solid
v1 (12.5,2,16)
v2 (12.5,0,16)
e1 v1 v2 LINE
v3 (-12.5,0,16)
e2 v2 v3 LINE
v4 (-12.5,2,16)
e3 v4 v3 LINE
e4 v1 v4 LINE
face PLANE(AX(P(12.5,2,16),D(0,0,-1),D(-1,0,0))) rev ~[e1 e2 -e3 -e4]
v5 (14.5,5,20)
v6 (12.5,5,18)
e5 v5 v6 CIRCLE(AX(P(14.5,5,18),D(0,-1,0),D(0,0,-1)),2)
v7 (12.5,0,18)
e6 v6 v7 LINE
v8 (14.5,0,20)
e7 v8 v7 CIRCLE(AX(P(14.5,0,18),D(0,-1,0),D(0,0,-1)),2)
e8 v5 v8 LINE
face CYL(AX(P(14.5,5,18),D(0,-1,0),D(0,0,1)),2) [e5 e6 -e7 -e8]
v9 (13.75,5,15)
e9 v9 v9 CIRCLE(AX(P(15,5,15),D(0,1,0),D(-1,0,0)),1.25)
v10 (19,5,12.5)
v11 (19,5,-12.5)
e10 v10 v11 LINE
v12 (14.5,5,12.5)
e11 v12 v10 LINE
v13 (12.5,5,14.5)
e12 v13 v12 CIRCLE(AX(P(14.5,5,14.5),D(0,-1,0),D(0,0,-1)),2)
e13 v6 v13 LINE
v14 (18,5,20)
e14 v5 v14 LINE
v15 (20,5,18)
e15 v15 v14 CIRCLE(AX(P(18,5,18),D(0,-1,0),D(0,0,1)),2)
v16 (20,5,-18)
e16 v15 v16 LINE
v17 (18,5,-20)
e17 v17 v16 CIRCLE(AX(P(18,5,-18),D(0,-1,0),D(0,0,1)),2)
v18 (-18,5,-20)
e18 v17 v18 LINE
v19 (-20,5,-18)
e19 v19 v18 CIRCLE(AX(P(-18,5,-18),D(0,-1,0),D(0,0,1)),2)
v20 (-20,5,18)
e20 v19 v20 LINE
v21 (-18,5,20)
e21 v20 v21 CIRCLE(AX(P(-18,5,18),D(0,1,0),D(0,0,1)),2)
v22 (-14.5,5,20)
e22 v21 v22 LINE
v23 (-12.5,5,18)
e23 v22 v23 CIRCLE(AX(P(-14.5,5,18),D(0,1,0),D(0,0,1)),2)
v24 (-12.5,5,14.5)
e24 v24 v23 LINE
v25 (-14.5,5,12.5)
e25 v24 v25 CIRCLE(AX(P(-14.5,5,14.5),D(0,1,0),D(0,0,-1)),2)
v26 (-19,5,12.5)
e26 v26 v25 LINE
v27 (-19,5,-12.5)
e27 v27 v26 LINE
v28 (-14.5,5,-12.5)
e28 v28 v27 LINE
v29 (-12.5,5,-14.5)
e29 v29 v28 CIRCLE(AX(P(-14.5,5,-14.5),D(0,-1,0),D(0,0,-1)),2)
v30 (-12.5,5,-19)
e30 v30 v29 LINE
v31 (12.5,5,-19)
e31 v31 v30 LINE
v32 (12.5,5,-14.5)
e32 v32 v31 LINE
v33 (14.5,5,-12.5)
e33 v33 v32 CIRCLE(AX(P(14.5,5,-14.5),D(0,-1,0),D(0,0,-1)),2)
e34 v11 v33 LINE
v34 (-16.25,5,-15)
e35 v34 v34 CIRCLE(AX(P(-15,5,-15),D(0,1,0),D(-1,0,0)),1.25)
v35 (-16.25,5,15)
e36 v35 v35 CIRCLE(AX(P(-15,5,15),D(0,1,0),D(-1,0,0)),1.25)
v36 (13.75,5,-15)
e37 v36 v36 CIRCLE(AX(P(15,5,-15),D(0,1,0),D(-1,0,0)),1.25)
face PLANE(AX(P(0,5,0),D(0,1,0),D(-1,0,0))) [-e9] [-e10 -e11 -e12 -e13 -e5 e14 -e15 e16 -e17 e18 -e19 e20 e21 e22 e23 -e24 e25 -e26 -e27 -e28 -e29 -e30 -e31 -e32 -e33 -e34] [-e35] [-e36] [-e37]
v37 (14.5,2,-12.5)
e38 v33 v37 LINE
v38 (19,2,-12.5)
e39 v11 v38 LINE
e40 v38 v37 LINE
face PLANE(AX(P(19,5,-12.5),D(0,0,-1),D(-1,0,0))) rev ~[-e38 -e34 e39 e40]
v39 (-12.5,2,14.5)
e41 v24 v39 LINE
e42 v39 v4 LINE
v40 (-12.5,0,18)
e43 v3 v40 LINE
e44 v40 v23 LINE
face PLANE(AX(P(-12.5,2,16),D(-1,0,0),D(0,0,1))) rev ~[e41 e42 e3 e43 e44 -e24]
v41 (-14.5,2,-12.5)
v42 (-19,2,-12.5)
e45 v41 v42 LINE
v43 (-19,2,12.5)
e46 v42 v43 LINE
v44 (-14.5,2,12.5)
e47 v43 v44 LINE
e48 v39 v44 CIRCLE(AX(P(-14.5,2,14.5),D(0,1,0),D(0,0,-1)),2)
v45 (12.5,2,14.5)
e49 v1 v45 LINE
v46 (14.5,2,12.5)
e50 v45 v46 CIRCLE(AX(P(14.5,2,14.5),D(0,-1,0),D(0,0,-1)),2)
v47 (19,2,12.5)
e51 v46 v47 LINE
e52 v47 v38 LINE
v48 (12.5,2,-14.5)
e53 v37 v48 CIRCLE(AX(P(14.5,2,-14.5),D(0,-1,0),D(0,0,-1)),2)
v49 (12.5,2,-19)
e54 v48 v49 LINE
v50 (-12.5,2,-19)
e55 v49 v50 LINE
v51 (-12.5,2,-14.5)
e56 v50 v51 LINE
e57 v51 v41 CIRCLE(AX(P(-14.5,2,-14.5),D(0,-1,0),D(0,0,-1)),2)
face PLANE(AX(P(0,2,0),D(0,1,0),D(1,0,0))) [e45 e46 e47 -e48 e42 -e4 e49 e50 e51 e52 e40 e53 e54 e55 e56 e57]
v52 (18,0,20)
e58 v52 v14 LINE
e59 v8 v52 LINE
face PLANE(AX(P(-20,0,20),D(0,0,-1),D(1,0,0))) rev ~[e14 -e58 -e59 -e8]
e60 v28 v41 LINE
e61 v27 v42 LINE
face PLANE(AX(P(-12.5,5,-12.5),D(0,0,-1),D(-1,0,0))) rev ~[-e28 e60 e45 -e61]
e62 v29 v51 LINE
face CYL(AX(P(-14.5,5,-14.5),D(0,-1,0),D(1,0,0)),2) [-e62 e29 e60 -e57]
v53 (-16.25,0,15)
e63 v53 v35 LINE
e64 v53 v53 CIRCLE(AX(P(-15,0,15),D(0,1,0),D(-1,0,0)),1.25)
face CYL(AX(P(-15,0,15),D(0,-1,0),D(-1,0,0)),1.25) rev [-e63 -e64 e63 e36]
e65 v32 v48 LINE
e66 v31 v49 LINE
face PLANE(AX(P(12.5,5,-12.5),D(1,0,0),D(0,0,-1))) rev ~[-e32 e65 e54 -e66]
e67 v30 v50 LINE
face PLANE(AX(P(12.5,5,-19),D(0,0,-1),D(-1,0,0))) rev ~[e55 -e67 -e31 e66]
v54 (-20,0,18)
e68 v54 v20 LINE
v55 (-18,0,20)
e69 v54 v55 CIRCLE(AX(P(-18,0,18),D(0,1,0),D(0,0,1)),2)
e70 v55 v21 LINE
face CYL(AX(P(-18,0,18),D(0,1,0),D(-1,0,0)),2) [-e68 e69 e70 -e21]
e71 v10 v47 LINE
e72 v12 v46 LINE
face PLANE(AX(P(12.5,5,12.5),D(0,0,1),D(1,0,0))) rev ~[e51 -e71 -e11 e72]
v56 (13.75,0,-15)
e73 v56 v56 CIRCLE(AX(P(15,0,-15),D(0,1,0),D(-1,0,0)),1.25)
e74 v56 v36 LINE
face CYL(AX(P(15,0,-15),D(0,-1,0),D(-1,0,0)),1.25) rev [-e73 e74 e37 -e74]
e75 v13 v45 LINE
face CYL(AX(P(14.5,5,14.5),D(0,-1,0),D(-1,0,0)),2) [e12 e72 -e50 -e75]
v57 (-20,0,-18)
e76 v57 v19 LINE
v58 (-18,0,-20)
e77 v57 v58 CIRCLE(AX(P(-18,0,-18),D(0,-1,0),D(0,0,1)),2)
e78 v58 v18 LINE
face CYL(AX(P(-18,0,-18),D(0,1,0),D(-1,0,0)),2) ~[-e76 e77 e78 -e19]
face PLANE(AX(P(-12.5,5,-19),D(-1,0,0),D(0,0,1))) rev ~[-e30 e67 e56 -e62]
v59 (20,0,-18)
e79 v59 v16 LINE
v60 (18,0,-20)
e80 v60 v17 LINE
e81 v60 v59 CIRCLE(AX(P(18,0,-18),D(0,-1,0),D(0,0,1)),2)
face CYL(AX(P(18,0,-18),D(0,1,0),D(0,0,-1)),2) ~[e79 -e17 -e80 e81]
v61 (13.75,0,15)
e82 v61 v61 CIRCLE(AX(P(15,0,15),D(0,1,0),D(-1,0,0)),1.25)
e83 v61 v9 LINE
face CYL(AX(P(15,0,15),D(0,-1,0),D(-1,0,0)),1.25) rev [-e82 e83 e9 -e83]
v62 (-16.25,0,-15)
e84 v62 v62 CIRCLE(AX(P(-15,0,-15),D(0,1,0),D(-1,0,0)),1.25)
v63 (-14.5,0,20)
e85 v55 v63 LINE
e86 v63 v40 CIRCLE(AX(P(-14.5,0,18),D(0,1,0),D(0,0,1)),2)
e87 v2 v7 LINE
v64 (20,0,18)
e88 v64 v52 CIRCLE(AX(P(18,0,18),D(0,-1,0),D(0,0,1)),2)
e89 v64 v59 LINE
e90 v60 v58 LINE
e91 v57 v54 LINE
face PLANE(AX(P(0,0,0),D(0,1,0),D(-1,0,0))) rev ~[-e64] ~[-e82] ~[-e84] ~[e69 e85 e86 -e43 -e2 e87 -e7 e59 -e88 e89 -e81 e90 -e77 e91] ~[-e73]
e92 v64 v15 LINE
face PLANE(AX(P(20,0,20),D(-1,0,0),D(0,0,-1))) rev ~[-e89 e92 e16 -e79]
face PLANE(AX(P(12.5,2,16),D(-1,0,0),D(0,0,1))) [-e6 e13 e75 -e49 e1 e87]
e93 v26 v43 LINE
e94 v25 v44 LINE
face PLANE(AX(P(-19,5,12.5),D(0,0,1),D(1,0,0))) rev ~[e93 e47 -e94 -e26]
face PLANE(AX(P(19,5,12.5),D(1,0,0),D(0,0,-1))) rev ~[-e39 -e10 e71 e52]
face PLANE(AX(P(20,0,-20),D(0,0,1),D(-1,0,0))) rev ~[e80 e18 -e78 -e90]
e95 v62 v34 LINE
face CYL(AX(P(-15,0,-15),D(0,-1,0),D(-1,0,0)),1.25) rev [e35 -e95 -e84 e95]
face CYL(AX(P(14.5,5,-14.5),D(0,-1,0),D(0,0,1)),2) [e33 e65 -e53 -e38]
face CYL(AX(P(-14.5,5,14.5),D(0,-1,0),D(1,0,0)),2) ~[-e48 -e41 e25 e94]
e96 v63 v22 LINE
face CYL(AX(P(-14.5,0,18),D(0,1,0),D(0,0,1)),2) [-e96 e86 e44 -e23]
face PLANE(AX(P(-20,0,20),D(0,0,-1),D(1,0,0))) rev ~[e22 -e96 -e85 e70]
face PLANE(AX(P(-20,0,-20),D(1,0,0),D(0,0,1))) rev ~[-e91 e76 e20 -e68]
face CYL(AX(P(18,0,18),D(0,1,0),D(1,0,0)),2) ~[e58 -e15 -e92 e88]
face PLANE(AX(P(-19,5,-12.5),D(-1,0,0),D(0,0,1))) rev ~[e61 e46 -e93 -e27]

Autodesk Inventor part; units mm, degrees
ref_plane "YZ Plane" through (0, 0, 0) normal (1, 0, 0) x (0, 1, 0)
ref_plane "XZ Plane" through (0, 0, 0) normal (0, 1, 0) x (-1, 0, 0)
ref_plane "XY Plane" through (0, 0, 0) normal (0, 0, 1) x (1, 0, 0)
sketch "Sketch1" plane through (0, 0, 0) normal (0, 1, 0) x (-1, 0, 0)
  line L0 (19, 19) -> (-19, 19) construction
  line L1 (-19, 19) -> (-19, -19) construction
  line L2 (-19, -19) -> (19, -19) construction
  line L3 (19, -19) -> (19, 19) construction
  line L4 (19, 19) -> (-19, -19) construction
  line L5 (-19, 19) -> (19, -19) construction
  circle A0 centre (15, -15) radius 1.25
  circle A1 centre (-15, -15) radius 1.25
  circle A2 centre (15, 15) radius 1.25
  circle A3 centre (-15, 15) radius 1.25
  line L6 (20, 20) -> (-20, 20)
  line L7 (-20, 20) -> (-20, -20)
  line L8 (-20, -20) -> (20, -20)
  line L9 (20, -20) -> (20, 20)
  line L10 (20, 20) -> (-20, -20) construction
  line L11 (-20, 20) -> (20, -20) construction
  point P0 (0, 0)
  dimension "d0" = 38
  dimension "d1" = 38
  dimension "d2" = 2.5
  dimension "d3" = 2.5
  dimension "d4" = 2.5
  dimension "d5" = 2.5
  dimension "d6" = 4
  dimension "d7" = 4
  dimension "d8" = 4
  dimension "d9" = 4
  dimension "d10" = 40
  dimension "d11" = 40
extrude "Extrusion1" add sketch "Sketch1" along normal blind 5
sketch "Sketch2" plane through (0, 5, 0) normal (0, 1, 0) x (1, 0, 0)
  line L0 (-12.5, 19) -> (-12.5, 12.5)
  line L1 (-12.5, 12.5) -> (-19, 12.5)
  line L2 (-19, 12.5) -> (-19, -12.5)
  line L3 (-20, 20) -> (-20, -20) projected
  line L4 (-19, -12.5) -> (-12.5, -12.5)
  line L5 (-12.5, -12.5) -> (-12.5, -20)
  line L6 (-12.5, -20) -> (12.5, -20)
  line L7 (12.5, -20) -> (12.5, -12.5)
  line L8 (12.5, -12.5) -> (19, -12.5)
  line L9 (19, -12.5) -> (19, 12.5)
  line L10 (19, 12.5) -> (12.5, 12.5)
  line L11 (12.5, 12.5) -> (12.5, 19)
  line L12 (12.5, 19) -> (-12.5, 19)
  point P0 (0, 0)
  dimension "d14" = 25
  dimension "d15" = 6.5
  dimension "d16" = 25
  dimension "d17" = 7.5
  dimension "d18" = 6.5
  dimension "d19" = 6.5
  dimension "d20" = 25
  dimension "d21" = 6.5
  dimension "d22" = 12.5
  dimension "d24" = 12.5
extrude "Extrusion2" cut sketch "Sketch2" against normal blind 3
sketch "Sketch3" plane through (0, 2, 0) normal (0, 1, 0) x (1, 0, 0)
  line L0 (12.5, -12.5) -> (12.5, -20) projected
  line L1 (-12.5, -20) -> (12.5, -20)
  line L2 (12.5, -20) -> (12.5, -16)
  line L3 (12.5, -16) -> (-12.5, -16)
  line L4 (-12.5, -16) -> (-12.5, -20)
  point P0 (0, 0)
  dimension "d27" = 4
extrude "Extrusion3" cut sketch "Sketch3" against normal through all
fillet "Fillet1" radius 2 10 edges at (-20, 2.5, -20) (20, 2.5, -20) (-20, 2.5, 20) (20, 2.5, 20) (-12.5, 3.5, -12.5) (12.5, 3.5, -12.5) (12.5, 3.5, 12.5) (-12.5, 3.5, 12.5) (-12.5, 2.5, 20) (12.5, 2.5, 20)
properties part number "CameraMount2"
